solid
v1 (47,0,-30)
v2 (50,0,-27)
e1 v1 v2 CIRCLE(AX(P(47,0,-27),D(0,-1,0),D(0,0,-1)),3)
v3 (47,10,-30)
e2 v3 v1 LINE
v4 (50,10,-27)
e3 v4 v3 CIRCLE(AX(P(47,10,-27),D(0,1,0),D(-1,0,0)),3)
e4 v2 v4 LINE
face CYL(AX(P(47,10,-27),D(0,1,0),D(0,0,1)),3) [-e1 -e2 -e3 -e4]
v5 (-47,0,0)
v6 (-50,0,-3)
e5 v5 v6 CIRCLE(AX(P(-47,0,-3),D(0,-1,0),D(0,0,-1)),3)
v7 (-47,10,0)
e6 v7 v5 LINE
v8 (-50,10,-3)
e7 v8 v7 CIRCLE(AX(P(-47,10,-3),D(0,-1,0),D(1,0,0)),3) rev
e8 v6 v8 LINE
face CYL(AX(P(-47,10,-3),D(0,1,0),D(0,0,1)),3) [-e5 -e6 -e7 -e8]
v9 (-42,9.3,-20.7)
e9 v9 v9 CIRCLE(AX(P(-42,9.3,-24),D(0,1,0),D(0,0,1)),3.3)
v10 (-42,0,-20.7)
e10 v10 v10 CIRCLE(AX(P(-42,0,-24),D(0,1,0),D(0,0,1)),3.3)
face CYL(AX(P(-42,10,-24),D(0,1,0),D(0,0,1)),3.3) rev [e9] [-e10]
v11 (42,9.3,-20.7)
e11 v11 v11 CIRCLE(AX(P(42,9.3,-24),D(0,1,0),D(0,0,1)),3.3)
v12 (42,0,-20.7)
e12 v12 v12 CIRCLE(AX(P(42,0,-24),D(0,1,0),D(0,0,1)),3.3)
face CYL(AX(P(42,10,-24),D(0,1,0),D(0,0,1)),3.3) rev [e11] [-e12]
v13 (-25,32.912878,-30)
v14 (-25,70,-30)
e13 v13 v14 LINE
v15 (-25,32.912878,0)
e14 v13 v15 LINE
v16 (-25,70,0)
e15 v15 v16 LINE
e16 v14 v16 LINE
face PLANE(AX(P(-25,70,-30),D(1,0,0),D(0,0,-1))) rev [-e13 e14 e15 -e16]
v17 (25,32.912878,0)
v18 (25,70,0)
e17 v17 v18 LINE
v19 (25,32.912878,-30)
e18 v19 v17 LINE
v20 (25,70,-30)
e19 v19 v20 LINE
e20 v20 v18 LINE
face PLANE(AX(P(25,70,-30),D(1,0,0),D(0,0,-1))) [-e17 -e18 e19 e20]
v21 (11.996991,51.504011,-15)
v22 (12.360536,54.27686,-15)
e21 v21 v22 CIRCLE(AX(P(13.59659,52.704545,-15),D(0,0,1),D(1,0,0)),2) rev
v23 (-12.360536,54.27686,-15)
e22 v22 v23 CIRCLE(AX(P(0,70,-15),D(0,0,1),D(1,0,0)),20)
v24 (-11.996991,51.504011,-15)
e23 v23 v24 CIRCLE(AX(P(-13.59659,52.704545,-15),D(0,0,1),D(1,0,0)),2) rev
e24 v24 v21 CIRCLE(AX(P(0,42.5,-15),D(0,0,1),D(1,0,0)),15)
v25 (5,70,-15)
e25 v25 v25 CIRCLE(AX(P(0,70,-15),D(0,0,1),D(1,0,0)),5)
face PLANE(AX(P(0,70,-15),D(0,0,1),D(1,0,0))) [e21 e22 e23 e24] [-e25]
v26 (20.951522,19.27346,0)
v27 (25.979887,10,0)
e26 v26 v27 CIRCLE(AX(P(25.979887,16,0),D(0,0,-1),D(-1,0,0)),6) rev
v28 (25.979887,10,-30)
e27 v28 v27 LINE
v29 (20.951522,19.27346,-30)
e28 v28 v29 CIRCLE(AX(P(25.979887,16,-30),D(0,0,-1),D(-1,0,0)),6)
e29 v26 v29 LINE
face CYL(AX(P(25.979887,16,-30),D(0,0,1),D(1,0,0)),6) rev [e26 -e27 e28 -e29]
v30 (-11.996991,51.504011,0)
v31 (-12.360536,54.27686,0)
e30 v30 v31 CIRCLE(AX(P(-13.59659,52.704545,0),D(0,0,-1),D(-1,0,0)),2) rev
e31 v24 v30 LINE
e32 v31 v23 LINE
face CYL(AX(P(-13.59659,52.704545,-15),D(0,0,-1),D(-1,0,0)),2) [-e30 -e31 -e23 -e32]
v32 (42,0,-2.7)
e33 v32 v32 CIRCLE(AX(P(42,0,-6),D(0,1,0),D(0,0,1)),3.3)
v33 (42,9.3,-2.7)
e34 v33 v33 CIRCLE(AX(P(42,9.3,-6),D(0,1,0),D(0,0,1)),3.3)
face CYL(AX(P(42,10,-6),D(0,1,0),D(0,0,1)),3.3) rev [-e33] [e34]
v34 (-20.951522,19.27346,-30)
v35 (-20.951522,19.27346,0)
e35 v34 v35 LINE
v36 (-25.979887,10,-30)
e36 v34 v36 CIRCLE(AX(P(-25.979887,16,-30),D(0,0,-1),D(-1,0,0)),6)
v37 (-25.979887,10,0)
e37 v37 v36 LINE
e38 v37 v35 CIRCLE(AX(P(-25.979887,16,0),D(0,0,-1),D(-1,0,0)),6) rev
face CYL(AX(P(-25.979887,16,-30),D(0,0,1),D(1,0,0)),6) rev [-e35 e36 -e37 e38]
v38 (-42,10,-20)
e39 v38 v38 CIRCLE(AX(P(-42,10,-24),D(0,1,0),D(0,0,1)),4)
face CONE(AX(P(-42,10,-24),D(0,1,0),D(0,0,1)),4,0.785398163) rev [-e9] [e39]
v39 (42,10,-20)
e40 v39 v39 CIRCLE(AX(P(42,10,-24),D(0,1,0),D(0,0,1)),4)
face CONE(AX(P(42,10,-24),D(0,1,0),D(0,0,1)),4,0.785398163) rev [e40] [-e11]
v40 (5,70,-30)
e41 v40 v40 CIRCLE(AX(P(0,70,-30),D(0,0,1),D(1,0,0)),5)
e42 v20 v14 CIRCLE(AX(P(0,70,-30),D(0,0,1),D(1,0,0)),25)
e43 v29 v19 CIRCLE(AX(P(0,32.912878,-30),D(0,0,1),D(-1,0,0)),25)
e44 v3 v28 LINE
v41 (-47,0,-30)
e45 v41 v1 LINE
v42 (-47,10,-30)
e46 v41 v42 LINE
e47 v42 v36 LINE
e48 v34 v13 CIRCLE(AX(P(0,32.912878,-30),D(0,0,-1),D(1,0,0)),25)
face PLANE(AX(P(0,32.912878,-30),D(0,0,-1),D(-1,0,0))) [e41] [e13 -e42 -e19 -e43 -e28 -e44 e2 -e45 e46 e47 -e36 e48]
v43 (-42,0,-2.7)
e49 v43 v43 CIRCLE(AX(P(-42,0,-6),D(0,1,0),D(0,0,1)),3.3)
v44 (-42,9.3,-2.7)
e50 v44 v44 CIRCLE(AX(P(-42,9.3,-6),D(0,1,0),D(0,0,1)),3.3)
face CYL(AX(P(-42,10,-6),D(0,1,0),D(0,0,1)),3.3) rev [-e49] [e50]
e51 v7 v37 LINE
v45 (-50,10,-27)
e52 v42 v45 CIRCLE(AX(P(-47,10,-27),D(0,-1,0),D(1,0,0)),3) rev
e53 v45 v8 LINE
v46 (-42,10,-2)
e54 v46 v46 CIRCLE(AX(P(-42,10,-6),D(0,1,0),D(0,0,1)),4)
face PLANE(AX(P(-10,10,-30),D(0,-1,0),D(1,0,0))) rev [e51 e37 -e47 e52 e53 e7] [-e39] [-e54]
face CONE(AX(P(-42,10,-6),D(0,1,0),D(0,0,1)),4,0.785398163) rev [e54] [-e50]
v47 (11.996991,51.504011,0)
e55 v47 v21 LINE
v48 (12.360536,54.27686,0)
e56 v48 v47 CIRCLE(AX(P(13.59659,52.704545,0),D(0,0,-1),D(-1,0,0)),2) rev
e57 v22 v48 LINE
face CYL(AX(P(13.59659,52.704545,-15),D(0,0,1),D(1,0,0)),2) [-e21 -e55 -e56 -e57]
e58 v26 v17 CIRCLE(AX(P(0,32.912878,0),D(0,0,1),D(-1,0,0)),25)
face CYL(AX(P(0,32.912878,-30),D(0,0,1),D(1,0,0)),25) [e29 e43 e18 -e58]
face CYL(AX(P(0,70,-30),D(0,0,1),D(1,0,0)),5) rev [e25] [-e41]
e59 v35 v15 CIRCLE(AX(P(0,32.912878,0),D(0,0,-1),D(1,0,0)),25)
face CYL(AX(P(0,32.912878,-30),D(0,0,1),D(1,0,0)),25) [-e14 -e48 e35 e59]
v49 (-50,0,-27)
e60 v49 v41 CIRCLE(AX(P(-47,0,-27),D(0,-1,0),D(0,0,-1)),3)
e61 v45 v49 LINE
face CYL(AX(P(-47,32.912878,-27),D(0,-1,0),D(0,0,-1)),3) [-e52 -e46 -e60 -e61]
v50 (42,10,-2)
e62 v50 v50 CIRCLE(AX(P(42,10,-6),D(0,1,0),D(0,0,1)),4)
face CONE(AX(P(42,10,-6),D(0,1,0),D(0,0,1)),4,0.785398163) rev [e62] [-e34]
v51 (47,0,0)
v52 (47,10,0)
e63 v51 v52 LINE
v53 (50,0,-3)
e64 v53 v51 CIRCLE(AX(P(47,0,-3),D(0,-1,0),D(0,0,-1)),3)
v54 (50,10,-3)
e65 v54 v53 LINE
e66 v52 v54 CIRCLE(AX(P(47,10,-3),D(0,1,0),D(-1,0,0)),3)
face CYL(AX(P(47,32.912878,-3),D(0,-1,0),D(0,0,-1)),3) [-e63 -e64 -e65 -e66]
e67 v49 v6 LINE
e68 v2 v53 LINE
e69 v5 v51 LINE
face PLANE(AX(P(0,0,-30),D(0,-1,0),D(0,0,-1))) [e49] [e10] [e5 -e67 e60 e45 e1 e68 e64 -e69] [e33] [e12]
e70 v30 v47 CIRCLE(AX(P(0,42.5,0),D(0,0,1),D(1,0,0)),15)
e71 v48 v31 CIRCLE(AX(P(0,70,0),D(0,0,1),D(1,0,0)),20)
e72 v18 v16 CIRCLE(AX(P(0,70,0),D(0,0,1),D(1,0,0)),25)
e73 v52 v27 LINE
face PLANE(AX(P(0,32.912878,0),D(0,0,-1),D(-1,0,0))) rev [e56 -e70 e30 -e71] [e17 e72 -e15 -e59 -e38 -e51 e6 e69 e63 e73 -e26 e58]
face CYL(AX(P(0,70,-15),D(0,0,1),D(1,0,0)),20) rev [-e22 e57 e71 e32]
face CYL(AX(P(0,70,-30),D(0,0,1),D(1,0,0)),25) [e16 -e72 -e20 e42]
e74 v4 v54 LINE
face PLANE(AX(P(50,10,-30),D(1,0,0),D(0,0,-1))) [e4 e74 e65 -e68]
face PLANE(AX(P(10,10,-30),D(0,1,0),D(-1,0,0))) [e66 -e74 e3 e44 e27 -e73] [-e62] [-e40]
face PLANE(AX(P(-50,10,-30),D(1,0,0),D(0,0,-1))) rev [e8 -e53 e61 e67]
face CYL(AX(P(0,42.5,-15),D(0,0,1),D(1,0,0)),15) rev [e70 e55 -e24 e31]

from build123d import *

# Parameters (mm, degrees)
EXTRUDE_1_DEPTH             = 30
FILLET_3_R                  = 6
FILLET_4_R                  = 6
SKETCH_2_R                  = 20
CUT_EXTRUDE_1_DEPTH         = 15
SKETCH_3_R                  = 5
CUT_EXTRUDE_2_DEPTH         = 112.467484048
SKETCH_4_R                  = 15
CUT_EXTRUDE_3_DEPTH         = 15
FILLET_5_R                  = 2
HOLE_WIZARD_M61_D           = 6.6
HOLE_WIZARD_M61_CSINK_D     = 8
HOLE_WIZARD_M61_CSINK_ANGLE = 90
PATTERN_LINEAR_2_COUNT      = 2
PATTERN_LINEAR_2_PITCH      = 18
PATTERN_LINEAR_2_COUNT_DIR2 = 2
PATTERN_LINEAR_2_PITCH_DIR2 = 84
FILLET_6_R                  = 3


with BuildPart() as part:
    # Эскиз1 → Бобышка-Вытянуть1 (new body)
    with BuildSketch(Plane.XY):
        with BuildLine():
            Line((0, 0), (0, 70))
            Line((0, 70), (0, 95))
            ThreePointArc((0, 95), (17.67766953, 87.67766953), (25, 70))
            Line((25, 70), (25, 32.912878475))
            ThreePointArc((25, 32.912878475), (20.916500663, 19.219814537), (10, 10))
            Line((10, 10), (50, 10))
            Line((50, 10), (50, 0))
            Line((50, 0), (0, 0))
        make_face()
    extrude_1 = extrude(amount=-EXTRUDE_1_DEPTH)

    # Зеркальное отражение1: Бобышка-Вытянуть1 across plane
    add(extrude_1.mirror(Plane(origin=(0, 0, 0), x_dir=(0, 0, 1), z_dir=(1, 0, 0))))

    # Скругление3
    fillet_3_edges = [part.edges().sort_by_distance(p)[0] for p in [
        (10, 10, -15),
    ]]
    fillet(fillet_3_edges, radius=FILLET_3_R)

    # Скругление4
    fillet_4_edges = [part.edges().sort_by_distance(p)[0] for p in [
        (-10, 10, -15),
    ]]
    fillet(fillet_4_edges, radius=FILLET_4_R)

    # Эскиз2 → Вырез-Вытянуть1 (cut)
    with BuildSketch(Plane.XY):
        with Locations((0, 70)):
            Circle(SKETCH_2_R)
    extrude(amount=-CUT_EXTRUDE_1_DEPTH, mode=Mode.SUBTRACT)

    # Эскиз3 → Вырез-Вытянуть2 (cut, through all)
    with BuildSketch(Plane.XY):
        with Locations((0, 70)):
            Circle(SKETCH_3_R)
    extrude(amount=-CUT_EXTRUDE_2_DEPTH, mode=Mode.SUBTRACT)

    # Эскиз4 → Вырез-Вытянуть3 (cut)
    with BuildSketch(Plane.XY):
        with Locations((0, 42.5)):
            Circle(SKETCH_4_R)
    extrude(amount=-CUT_EXTRUDE_3_DEPTH, mode=Mode.SUBTRACT)

    # Скругление5
    fillet_5_edges = [part.edges().sort_by_distance(p)[0] for p in [
        (10.644882952, 53.068181818, -7.5),
        (-10.644882952, 53.068181818, -7.5),
    ]]
    fillet(fillet_5_edges, radius=FILLET_5_R)

    # Зенковка для винта с полупотайной головкой M61 (through all)
    with Locations(Plane(origin=(0, 10, 0), x_dir=(1, 0, 0), z_dir=(0, 1, 0))):
        with Locations((42, 24)):
            hole_wizard_m61 = CounterSinkHole(HOLE_WIZARD_M61_D / 2, HOLE_WIZARD_M61_CSINK_D / 2, counter_sink_angle=HOLE_WIZARD_M61_CSINK_ANGLE)

    # Линейный массив2: Hole Wizard M61 2 × 2
    with Locations(*[(-j * PATTERN_LINEAR_2_PITCH_DIR2, 0, i * PATTERN_LINEAR_2_PITCH) for i in range(PATTERN_LINEAR_2_COUNT) for j in range(PATTERN_LINEAR_2_COUNT_DIR2) if (i, j) != (0, 0)]):
        add(hole_wizard_m61, mode=Mode.SUBTRACT)

    # Скругление6
    fillet_6_edges = [part.edges().sort_by_distance(p)[0] for p in [
        (50, 5, 0),
        (-50, 5, 0),
        (-50, 5, -30),
        (50, 5, -30),
    ]]
    fillet(fillet_6_edges, radius=FILLET_6_R)


solid = part.part
